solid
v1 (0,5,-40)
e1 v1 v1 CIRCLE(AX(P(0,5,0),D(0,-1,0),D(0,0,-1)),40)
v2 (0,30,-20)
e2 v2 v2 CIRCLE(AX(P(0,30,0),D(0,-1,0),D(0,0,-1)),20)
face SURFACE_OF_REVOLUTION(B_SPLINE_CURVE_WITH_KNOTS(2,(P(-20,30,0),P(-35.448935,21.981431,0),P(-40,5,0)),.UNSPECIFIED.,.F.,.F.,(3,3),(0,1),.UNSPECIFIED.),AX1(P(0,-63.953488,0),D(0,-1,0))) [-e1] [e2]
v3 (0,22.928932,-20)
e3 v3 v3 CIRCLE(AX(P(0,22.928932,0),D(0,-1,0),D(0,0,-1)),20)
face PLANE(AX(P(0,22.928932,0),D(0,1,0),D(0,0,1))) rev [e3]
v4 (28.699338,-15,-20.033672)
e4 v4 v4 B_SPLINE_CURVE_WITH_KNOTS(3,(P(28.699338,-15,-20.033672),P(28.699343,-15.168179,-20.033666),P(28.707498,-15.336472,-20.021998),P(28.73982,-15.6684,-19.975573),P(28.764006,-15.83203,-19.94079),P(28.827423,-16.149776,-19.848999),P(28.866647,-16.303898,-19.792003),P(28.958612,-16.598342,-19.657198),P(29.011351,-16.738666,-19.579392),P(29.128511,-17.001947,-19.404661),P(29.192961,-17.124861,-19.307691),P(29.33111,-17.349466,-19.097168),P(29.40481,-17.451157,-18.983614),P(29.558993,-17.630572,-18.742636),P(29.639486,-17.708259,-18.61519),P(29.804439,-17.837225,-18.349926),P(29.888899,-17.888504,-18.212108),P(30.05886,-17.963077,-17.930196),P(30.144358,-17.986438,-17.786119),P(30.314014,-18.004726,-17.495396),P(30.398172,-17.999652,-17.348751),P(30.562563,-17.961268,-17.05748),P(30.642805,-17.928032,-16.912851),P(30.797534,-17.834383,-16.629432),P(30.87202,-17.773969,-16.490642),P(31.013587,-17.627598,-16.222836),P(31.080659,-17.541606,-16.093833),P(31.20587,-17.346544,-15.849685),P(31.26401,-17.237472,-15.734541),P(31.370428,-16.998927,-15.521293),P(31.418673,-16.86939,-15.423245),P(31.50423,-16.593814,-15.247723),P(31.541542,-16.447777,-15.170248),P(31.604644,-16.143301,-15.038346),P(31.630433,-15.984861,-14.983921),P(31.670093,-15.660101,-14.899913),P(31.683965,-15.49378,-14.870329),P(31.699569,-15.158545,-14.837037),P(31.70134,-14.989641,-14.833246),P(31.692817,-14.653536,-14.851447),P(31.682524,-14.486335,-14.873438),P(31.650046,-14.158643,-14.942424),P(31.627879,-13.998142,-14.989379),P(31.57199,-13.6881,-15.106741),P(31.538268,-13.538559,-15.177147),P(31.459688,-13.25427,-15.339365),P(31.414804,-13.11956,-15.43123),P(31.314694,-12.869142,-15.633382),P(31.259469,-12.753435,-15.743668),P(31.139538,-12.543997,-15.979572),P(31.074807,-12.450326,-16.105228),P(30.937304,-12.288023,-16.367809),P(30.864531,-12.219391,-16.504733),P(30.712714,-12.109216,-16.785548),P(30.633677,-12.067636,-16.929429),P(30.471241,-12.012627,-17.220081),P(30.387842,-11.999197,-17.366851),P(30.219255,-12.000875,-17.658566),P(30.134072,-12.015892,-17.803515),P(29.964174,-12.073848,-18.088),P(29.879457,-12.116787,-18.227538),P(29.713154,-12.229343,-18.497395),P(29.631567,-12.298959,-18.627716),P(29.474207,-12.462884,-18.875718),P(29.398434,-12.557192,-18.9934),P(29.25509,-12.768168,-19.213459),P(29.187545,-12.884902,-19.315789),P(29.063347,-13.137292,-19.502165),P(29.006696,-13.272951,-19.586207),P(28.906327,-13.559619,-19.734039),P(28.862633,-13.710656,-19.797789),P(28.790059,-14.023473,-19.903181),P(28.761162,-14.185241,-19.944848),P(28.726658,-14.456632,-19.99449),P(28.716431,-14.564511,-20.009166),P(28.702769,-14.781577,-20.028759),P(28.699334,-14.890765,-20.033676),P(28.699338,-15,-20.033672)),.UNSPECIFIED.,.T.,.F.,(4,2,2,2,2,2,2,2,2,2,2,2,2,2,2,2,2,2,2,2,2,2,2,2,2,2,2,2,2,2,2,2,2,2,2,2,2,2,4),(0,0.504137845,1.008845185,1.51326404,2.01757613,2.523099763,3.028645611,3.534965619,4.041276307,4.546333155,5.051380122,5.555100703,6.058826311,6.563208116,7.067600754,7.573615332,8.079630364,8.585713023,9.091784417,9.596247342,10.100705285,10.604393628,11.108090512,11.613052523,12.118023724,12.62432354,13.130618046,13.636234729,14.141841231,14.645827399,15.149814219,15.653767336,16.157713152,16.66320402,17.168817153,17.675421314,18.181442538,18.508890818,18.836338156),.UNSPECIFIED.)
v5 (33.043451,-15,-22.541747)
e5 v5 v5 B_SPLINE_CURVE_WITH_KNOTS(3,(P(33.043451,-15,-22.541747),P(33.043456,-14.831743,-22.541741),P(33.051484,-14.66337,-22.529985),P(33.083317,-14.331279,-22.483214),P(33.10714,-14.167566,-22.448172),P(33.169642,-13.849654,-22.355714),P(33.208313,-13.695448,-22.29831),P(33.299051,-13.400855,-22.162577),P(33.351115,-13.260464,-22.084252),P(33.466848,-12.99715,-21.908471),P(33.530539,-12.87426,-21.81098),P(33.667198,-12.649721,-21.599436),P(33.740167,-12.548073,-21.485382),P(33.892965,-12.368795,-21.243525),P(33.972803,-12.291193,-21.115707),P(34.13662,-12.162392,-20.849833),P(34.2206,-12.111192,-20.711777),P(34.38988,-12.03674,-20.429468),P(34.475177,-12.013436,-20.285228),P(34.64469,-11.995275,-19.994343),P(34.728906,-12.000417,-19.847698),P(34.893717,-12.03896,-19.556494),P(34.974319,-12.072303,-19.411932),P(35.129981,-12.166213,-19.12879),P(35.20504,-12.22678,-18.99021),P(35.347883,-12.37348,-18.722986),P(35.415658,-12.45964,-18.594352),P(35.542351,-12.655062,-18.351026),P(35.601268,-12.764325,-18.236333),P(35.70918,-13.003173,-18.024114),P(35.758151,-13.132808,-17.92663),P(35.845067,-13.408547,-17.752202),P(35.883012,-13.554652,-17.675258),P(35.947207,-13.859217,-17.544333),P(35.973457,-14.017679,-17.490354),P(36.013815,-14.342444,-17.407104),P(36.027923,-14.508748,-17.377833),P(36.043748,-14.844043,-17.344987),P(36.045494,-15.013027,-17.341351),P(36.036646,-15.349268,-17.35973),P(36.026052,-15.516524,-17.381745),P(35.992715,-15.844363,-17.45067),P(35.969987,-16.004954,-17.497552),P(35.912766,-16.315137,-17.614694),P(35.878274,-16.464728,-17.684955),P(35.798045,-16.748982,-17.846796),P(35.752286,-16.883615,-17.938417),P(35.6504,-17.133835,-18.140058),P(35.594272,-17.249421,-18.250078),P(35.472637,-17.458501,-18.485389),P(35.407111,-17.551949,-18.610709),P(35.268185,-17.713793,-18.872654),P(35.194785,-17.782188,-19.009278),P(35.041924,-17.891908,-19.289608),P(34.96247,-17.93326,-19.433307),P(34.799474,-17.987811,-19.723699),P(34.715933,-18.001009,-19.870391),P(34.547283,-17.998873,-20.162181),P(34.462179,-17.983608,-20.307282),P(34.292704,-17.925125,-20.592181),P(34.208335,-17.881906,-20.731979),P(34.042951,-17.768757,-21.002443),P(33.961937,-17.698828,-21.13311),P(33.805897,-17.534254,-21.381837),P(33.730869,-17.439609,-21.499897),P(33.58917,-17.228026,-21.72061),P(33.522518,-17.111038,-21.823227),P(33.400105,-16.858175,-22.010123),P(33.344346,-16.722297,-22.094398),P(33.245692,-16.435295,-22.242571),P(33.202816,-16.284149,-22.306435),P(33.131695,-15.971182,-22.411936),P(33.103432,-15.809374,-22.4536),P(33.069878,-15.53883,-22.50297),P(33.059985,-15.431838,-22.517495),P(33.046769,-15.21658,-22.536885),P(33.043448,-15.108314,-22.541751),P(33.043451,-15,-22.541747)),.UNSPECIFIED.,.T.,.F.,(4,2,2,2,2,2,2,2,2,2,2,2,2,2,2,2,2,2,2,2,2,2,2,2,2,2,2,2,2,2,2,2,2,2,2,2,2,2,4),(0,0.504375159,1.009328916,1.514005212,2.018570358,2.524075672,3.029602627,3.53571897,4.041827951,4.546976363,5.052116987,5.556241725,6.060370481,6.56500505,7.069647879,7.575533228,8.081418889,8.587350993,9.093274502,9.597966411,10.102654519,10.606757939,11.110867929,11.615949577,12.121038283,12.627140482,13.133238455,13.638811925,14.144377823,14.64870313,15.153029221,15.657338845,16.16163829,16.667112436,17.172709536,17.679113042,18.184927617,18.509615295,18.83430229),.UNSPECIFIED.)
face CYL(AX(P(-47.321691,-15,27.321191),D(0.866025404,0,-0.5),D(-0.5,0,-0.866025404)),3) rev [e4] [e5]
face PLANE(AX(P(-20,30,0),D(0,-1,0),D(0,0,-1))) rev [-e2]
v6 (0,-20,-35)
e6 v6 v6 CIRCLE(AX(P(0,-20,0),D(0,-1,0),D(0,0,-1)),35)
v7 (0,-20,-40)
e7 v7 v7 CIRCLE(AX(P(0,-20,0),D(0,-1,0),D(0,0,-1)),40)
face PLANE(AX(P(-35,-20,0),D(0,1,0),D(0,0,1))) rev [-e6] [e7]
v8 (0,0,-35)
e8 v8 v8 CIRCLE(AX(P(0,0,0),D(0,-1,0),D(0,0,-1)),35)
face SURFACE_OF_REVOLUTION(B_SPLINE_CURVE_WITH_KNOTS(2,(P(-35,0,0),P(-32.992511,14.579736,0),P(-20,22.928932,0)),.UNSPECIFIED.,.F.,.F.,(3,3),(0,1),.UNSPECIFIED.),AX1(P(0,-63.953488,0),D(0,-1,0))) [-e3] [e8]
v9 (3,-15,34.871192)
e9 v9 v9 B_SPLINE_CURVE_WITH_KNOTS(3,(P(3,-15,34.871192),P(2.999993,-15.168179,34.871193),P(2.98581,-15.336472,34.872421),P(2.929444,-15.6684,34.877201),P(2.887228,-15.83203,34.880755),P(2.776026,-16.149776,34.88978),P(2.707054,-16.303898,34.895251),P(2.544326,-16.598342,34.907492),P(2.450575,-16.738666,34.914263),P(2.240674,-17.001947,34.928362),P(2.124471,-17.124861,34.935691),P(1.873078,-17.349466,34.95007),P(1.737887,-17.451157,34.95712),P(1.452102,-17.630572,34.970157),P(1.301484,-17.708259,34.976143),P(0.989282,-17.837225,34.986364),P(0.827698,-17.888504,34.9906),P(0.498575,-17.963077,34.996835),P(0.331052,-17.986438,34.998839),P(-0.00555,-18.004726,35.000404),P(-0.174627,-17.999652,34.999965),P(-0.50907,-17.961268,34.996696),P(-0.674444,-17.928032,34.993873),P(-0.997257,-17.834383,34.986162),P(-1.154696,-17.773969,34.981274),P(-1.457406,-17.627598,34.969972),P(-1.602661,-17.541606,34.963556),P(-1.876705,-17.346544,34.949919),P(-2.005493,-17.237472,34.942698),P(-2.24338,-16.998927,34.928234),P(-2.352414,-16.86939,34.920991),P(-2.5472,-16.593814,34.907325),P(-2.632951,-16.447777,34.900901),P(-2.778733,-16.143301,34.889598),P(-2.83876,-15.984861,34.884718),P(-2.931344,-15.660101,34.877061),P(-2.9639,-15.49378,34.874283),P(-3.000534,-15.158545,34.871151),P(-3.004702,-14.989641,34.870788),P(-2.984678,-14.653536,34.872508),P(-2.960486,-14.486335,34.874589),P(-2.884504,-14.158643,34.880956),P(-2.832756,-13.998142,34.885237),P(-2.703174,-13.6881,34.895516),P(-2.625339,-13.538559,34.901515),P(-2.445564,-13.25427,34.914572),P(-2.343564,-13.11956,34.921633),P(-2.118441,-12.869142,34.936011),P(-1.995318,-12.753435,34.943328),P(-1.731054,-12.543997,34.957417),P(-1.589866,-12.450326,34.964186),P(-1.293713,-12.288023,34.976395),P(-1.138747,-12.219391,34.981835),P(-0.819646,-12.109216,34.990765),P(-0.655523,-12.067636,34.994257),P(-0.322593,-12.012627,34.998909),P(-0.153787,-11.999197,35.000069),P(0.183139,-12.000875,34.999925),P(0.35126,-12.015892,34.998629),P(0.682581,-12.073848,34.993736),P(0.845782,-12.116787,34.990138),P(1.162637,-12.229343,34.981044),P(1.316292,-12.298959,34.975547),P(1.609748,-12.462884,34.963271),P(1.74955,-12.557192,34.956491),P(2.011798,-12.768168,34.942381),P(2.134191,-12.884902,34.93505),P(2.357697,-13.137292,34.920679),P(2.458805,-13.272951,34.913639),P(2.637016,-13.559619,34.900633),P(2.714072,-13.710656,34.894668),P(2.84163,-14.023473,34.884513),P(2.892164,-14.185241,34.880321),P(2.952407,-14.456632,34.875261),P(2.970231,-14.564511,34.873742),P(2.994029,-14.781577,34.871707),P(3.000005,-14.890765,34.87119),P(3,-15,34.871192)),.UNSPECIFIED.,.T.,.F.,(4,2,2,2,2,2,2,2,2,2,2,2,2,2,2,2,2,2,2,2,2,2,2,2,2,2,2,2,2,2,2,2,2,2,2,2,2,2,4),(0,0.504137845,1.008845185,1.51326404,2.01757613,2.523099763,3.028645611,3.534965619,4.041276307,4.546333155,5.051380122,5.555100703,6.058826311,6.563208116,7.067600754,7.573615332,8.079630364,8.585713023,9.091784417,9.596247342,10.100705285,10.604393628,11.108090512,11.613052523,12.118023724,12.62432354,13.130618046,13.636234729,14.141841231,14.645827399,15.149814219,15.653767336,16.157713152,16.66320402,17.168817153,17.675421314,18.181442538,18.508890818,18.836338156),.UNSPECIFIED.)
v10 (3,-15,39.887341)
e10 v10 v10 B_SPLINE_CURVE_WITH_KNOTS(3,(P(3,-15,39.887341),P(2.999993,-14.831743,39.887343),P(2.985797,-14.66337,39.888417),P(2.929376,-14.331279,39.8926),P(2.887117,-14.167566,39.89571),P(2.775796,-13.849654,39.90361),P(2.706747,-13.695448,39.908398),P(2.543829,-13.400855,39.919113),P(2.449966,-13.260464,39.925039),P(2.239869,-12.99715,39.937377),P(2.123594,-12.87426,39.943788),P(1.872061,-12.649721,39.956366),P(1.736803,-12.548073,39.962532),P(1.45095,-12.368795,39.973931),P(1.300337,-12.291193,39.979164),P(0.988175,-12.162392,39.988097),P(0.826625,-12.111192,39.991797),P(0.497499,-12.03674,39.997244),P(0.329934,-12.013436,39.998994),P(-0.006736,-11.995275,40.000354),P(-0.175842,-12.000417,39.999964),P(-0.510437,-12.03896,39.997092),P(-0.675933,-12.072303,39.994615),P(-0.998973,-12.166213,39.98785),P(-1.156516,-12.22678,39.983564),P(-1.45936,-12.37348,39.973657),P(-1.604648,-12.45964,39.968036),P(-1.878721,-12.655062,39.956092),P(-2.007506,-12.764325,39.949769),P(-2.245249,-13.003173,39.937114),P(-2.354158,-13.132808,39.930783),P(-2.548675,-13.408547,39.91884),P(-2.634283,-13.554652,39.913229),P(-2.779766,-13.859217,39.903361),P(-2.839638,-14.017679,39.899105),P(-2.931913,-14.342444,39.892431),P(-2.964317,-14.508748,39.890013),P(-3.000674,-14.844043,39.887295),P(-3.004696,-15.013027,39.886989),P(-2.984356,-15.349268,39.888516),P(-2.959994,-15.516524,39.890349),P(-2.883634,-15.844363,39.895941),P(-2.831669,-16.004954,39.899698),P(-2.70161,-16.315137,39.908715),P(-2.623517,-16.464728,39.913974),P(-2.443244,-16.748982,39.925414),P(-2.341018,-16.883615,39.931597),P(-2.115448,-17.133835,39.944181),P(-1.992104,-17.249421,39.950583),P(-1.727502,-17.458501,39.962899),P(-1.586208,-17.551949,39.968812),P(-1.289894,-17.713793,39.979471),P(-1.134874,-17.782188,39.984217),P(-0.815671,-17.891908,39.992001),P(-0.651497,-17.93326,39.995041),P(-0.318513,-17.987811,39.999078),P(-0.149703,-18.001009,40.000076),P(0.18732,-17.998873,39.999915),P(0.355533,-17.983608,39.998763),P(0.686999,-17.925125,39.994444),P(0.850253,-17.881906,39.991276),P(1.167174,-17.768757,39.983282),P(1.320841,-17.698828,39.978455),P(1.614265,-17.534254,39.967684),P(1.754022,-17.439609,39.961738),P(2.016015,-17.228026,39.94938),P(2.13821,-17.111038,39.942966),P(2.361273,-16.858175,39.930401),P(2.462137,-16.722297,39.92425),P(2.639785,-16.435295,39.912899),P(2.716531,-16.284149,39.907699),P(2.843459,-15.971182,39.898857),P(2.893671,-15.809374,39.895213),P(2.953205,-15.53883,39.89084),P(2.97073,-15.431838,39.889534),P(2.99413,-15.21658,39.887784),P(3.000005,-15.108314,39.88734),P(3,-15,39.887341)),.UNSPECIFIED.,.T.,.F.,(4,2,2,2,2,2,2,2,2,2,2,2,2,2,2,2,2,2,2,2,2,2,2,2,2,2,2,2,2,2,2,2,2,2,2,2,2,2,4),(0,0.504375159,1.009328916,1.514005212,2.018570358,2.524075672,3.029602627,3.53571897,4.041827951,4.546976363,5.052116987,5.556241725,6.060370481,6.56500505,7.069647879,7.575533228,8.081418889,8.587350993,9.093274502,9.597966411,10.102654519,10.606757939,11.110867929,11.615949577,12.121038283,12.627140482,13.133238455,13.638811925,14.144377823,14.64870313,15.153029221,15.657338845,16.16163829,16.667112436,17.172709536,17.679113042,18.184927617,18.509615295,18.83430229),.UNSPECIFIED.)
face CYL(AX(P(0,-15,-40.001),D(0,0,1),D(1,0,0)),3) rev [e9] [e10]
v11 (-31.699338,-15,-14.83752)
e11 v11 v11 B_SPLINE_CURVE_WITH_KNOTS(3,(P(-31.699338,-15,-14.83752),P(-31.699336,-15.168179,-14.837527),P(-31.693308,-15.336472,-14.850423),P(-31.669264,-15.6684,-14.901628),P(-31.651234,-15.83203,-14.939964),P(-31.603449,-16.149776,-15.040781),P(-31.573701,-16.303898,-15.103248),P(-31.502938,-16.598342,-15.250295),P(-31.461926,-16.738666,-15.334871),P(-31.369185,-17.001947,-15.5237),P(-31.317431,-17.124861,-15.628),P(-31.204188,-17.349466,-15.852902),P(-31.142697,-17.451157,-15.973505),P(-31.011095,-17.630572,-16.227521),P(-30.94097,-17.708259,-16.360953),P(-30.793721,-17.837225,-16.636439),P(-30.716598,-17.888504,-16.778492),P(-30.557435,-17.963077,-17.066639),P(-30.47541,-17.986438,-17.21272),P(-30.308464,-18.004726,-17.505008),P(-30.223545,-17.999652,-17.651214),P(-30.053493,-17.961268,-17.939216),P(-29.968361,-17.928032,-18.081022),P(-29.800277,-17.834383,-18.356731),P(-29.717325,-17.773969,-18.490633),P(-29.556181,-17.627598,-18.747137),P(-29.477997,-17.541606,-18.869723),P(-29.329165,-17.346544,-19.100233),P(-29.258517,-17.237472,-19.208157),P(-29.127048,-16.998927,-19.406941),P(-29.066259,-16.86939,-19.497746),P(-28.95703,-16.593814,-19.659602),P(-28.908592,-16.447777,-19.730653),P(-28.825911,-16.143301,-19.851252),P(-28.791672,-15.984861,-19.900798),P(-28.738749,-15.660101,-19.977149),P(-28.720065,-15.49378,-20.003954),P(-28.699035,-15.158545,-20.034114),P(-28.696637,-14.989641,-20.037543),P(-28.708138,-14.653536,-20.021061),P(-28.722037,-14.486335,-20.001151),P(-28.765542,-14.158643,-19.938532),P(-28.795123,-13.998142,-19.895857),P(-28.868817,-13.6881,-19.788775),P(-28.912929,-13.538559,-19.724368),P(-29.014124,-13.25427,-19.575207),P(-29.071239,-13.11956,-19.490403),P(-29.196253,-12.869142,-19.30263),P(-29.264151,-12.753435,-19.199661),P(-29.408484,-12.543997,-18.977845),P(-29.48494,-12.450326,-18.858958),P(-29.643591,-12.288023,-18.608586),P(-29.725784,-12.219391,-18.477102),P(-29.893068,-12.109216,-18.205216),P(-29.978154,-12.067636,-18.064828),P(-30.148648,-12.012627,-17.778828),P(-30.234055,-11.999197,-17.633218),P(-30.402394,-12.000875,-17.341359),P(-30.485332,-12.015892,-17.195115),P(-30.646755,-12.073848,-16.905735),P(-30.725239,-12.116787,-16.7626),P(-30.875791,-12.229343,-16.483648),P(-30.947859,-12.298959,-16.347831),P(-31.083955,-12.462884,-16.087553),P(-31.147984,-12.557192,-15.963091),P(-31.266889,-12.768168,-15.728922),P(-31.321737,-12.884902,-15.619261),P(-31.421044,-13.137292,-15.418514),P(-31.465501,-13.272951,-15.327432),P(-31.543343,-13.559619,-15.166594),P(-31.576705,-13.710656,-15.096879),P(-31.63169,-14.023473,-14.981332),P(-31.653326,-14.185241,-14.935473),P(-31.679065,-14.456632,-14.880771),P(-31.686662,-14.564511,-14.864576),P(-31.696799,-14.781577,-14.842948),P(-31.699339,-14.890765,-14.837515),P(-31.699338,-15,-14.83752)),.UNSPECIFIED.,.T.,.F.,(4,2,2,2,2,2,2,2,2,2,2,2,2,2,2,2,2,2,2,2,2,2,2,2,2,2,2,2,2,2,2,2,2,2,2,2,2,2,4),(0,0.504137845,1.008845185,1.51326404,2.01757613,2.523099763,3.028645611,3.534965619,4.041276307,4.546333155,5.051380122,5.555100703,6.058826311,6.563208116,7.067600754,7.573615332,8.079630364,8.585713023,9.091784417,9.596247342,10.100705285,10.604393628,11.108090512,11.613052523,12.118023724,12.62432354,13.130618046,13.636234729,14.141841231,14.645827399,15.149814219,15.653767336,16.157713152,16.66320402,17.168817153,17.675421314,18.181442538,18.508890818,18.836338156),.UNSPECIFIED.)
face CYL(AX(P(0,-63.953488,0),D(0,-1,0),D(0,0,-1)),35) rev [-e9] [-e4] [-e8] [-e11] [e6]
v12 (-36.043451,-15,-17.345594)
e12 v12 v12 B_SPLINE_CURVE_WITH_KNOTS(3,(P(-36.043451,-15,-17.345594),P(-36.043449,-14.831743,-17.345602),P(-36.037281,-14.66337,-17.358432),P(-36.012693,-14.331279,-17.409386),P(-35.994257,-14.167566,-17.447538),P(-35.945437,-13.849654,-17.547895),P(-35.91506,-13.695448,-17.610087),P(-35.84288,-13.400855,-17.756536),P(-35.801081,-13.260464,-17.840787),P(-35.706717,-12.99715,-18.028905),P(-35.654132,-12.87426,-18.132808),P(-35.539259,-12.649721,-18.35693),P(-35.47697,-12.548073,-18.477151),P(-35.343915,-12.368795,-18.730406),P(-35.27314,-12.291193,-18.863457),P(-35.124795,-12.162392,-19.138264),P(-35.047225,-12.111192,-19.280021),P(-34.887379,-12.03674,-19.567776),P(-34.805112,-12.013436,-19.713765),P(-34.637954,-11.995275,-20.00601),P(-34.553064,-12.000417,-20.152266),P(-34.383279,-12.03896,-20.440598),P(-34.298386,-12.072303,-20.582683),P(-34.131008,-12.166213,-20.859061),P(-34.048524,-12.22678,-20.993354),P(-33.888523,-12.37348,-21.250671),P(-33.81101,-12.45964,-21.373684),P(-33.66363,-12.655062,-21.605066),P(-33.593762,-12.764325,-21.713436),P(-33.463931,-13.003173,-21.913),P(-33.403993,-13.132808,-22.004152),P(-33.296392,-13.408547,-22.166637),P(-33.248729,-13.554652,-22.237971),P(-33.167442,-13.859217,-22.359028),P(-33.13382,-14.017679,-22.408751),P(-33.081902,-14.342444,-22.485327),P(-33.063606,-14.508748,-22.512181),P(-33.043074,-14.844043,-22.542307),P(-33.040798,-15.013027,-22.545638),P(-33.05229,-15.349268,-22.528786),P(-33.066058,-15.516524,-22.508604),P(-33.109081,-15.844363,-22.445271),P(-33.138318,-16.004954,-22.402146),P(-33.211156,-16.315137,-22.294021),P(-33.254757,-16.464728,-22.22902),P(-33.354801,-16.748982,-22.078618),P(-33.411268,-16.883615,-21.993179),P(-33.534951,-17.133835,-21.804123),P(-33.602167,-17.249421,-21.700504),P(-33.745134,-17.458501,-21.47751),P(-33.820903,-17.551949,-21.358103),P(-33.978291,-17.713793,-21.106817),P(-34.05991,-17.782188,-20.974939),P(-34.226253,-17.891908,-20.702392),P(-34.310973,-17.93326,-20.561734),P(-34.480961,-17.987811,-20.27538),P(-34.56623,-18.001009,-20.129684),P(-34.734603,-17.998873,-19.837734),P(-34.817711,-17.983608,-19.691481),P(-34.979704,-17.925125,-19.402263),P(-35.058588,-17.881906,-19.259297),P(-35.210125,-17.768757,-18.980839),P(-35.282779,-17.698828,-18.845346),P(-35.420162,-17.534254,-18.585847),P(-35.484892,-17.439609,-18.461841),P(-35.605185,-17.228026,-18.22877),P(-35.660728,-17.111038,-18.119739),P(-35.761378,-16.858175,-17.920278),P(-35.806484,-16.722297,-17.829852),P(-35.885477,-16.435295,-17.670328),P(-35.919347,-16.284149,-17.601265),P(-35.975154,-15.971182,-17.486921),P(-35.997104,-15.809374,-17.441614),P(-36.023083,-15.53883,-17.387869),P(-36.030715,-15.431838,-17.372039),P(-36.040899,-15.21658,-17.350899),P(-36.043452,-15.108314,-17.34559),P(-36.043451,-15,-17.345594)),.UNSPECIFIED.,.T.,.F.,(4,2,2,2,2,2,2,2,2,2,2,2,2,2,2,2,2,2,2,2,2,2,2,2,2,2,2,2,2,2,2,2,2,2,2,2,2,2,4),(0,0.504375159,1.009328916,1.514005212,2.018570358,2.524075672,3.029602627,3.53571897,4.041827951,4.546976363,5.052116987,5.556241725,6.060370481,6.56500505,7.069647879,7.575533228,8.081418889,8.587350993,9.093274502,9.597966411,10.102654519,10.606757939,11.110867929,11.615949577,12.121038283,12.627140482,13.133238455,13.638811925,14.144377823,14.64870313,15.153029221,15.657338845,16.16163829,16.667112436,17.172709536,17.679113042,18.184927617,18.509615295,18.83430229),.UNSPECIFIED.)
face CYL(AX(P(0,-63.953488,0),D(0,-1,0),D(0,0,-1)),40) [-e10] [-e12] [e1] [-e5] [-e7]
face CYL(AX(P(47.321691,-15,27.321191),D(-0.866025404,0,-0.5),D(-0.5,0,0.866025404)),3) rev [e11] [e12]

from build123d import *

# Parameters (mm, degrees)
CUT_EXTRUDE1_REACH      = 96.34
CUT_EXTRUDE1_END_RADIUS = 35
SKETCH2_R               = 3
CIRPATTERN1_COUNT       = 3


with BuildPart() as part:
    # Sketch1 → Revolve1 (revolve)
    with BuildSketch(Plane.XY, mode=Mode.PRIVATE) as revolve1_sk:
        with BuildLine():
            Line((-20, 30), (0, 30))
            Line((0, 30), (0, 22.928932188))
            Line((0, 22.928932188), (-20, 22.928932188))
            add(Edge.make_bspline(
                [(-20, 22.928932188), (-32.99251078, 14.579736434), (-35, 0)],
                knots=[0, 0, 0, 1, 1, 1], degree=2))
            Line((-35, 0), (-35, -20))
            Line((-35, -20), (-40, -20))
            Line((-40, -20), (-40, 0))
            Line((-40, 0), (-40, 5))
            add(Edge.make_bspline(
                [(-20, 30), (-35.448934618, 21.981430701), (-40, 5)],
                knots=[0, 0, 0, 1, 1, 1], degree=2))
        make_face()
    revolve(revolve1_sk.sketch.rotate(Axis((0, -63.953488372, 0), (0, 1, 0)), 270), axis=Axis((0, -63.953488372, 0), (0, 1, 0)))

    # Cut-Extrude1: up to this cylinder (the profile starts outside it)
    cut_extrude1_end = Plane(origin=(0, -15, 0), z_dir=(0, -1, 0)) * Cylinder(CUT_EXTRUDE1_END_RADIUS, 263.68, mode=Mode.PRIVATE)
    # Sketch2 → Cut-Extrude1 (cut, up to the surface)
    with BuildSketch(Plane.XY.offset(40), mode=Mode.PRIVATE) as cut_extrude1_sk1:
        with Locations((0, -15)):
            Circle(SKETCH2_R)
    cut_extrude1_tool1 = extrude(cut_extrude1_sk1.sketch, amount=-CUT_EXTRUDE1_REACH, mode=Mode.PRIVATE) - cut_extrude1_end
    cut_extrude1 = cut_extrude1_tool1.solids().sort_by_distance((0, -15, 40))[0]
    add(cut_extrude1, mode=Mode.SUBTRACT)

    # CirPattern1: Cut-Extrude1 ×3 about axis
    cirpattern1_axis = Axis((0, 5, 0), (0, -1, 0))
    for i in range(1, CIRPATTERN1_COUNT):
        add(cut_extrude1.rotate(cirpattern1_axis, i * 360 / CIRPATTERN1_COUNT), mode=Mode.SUBTRACT)


solid = part.part
